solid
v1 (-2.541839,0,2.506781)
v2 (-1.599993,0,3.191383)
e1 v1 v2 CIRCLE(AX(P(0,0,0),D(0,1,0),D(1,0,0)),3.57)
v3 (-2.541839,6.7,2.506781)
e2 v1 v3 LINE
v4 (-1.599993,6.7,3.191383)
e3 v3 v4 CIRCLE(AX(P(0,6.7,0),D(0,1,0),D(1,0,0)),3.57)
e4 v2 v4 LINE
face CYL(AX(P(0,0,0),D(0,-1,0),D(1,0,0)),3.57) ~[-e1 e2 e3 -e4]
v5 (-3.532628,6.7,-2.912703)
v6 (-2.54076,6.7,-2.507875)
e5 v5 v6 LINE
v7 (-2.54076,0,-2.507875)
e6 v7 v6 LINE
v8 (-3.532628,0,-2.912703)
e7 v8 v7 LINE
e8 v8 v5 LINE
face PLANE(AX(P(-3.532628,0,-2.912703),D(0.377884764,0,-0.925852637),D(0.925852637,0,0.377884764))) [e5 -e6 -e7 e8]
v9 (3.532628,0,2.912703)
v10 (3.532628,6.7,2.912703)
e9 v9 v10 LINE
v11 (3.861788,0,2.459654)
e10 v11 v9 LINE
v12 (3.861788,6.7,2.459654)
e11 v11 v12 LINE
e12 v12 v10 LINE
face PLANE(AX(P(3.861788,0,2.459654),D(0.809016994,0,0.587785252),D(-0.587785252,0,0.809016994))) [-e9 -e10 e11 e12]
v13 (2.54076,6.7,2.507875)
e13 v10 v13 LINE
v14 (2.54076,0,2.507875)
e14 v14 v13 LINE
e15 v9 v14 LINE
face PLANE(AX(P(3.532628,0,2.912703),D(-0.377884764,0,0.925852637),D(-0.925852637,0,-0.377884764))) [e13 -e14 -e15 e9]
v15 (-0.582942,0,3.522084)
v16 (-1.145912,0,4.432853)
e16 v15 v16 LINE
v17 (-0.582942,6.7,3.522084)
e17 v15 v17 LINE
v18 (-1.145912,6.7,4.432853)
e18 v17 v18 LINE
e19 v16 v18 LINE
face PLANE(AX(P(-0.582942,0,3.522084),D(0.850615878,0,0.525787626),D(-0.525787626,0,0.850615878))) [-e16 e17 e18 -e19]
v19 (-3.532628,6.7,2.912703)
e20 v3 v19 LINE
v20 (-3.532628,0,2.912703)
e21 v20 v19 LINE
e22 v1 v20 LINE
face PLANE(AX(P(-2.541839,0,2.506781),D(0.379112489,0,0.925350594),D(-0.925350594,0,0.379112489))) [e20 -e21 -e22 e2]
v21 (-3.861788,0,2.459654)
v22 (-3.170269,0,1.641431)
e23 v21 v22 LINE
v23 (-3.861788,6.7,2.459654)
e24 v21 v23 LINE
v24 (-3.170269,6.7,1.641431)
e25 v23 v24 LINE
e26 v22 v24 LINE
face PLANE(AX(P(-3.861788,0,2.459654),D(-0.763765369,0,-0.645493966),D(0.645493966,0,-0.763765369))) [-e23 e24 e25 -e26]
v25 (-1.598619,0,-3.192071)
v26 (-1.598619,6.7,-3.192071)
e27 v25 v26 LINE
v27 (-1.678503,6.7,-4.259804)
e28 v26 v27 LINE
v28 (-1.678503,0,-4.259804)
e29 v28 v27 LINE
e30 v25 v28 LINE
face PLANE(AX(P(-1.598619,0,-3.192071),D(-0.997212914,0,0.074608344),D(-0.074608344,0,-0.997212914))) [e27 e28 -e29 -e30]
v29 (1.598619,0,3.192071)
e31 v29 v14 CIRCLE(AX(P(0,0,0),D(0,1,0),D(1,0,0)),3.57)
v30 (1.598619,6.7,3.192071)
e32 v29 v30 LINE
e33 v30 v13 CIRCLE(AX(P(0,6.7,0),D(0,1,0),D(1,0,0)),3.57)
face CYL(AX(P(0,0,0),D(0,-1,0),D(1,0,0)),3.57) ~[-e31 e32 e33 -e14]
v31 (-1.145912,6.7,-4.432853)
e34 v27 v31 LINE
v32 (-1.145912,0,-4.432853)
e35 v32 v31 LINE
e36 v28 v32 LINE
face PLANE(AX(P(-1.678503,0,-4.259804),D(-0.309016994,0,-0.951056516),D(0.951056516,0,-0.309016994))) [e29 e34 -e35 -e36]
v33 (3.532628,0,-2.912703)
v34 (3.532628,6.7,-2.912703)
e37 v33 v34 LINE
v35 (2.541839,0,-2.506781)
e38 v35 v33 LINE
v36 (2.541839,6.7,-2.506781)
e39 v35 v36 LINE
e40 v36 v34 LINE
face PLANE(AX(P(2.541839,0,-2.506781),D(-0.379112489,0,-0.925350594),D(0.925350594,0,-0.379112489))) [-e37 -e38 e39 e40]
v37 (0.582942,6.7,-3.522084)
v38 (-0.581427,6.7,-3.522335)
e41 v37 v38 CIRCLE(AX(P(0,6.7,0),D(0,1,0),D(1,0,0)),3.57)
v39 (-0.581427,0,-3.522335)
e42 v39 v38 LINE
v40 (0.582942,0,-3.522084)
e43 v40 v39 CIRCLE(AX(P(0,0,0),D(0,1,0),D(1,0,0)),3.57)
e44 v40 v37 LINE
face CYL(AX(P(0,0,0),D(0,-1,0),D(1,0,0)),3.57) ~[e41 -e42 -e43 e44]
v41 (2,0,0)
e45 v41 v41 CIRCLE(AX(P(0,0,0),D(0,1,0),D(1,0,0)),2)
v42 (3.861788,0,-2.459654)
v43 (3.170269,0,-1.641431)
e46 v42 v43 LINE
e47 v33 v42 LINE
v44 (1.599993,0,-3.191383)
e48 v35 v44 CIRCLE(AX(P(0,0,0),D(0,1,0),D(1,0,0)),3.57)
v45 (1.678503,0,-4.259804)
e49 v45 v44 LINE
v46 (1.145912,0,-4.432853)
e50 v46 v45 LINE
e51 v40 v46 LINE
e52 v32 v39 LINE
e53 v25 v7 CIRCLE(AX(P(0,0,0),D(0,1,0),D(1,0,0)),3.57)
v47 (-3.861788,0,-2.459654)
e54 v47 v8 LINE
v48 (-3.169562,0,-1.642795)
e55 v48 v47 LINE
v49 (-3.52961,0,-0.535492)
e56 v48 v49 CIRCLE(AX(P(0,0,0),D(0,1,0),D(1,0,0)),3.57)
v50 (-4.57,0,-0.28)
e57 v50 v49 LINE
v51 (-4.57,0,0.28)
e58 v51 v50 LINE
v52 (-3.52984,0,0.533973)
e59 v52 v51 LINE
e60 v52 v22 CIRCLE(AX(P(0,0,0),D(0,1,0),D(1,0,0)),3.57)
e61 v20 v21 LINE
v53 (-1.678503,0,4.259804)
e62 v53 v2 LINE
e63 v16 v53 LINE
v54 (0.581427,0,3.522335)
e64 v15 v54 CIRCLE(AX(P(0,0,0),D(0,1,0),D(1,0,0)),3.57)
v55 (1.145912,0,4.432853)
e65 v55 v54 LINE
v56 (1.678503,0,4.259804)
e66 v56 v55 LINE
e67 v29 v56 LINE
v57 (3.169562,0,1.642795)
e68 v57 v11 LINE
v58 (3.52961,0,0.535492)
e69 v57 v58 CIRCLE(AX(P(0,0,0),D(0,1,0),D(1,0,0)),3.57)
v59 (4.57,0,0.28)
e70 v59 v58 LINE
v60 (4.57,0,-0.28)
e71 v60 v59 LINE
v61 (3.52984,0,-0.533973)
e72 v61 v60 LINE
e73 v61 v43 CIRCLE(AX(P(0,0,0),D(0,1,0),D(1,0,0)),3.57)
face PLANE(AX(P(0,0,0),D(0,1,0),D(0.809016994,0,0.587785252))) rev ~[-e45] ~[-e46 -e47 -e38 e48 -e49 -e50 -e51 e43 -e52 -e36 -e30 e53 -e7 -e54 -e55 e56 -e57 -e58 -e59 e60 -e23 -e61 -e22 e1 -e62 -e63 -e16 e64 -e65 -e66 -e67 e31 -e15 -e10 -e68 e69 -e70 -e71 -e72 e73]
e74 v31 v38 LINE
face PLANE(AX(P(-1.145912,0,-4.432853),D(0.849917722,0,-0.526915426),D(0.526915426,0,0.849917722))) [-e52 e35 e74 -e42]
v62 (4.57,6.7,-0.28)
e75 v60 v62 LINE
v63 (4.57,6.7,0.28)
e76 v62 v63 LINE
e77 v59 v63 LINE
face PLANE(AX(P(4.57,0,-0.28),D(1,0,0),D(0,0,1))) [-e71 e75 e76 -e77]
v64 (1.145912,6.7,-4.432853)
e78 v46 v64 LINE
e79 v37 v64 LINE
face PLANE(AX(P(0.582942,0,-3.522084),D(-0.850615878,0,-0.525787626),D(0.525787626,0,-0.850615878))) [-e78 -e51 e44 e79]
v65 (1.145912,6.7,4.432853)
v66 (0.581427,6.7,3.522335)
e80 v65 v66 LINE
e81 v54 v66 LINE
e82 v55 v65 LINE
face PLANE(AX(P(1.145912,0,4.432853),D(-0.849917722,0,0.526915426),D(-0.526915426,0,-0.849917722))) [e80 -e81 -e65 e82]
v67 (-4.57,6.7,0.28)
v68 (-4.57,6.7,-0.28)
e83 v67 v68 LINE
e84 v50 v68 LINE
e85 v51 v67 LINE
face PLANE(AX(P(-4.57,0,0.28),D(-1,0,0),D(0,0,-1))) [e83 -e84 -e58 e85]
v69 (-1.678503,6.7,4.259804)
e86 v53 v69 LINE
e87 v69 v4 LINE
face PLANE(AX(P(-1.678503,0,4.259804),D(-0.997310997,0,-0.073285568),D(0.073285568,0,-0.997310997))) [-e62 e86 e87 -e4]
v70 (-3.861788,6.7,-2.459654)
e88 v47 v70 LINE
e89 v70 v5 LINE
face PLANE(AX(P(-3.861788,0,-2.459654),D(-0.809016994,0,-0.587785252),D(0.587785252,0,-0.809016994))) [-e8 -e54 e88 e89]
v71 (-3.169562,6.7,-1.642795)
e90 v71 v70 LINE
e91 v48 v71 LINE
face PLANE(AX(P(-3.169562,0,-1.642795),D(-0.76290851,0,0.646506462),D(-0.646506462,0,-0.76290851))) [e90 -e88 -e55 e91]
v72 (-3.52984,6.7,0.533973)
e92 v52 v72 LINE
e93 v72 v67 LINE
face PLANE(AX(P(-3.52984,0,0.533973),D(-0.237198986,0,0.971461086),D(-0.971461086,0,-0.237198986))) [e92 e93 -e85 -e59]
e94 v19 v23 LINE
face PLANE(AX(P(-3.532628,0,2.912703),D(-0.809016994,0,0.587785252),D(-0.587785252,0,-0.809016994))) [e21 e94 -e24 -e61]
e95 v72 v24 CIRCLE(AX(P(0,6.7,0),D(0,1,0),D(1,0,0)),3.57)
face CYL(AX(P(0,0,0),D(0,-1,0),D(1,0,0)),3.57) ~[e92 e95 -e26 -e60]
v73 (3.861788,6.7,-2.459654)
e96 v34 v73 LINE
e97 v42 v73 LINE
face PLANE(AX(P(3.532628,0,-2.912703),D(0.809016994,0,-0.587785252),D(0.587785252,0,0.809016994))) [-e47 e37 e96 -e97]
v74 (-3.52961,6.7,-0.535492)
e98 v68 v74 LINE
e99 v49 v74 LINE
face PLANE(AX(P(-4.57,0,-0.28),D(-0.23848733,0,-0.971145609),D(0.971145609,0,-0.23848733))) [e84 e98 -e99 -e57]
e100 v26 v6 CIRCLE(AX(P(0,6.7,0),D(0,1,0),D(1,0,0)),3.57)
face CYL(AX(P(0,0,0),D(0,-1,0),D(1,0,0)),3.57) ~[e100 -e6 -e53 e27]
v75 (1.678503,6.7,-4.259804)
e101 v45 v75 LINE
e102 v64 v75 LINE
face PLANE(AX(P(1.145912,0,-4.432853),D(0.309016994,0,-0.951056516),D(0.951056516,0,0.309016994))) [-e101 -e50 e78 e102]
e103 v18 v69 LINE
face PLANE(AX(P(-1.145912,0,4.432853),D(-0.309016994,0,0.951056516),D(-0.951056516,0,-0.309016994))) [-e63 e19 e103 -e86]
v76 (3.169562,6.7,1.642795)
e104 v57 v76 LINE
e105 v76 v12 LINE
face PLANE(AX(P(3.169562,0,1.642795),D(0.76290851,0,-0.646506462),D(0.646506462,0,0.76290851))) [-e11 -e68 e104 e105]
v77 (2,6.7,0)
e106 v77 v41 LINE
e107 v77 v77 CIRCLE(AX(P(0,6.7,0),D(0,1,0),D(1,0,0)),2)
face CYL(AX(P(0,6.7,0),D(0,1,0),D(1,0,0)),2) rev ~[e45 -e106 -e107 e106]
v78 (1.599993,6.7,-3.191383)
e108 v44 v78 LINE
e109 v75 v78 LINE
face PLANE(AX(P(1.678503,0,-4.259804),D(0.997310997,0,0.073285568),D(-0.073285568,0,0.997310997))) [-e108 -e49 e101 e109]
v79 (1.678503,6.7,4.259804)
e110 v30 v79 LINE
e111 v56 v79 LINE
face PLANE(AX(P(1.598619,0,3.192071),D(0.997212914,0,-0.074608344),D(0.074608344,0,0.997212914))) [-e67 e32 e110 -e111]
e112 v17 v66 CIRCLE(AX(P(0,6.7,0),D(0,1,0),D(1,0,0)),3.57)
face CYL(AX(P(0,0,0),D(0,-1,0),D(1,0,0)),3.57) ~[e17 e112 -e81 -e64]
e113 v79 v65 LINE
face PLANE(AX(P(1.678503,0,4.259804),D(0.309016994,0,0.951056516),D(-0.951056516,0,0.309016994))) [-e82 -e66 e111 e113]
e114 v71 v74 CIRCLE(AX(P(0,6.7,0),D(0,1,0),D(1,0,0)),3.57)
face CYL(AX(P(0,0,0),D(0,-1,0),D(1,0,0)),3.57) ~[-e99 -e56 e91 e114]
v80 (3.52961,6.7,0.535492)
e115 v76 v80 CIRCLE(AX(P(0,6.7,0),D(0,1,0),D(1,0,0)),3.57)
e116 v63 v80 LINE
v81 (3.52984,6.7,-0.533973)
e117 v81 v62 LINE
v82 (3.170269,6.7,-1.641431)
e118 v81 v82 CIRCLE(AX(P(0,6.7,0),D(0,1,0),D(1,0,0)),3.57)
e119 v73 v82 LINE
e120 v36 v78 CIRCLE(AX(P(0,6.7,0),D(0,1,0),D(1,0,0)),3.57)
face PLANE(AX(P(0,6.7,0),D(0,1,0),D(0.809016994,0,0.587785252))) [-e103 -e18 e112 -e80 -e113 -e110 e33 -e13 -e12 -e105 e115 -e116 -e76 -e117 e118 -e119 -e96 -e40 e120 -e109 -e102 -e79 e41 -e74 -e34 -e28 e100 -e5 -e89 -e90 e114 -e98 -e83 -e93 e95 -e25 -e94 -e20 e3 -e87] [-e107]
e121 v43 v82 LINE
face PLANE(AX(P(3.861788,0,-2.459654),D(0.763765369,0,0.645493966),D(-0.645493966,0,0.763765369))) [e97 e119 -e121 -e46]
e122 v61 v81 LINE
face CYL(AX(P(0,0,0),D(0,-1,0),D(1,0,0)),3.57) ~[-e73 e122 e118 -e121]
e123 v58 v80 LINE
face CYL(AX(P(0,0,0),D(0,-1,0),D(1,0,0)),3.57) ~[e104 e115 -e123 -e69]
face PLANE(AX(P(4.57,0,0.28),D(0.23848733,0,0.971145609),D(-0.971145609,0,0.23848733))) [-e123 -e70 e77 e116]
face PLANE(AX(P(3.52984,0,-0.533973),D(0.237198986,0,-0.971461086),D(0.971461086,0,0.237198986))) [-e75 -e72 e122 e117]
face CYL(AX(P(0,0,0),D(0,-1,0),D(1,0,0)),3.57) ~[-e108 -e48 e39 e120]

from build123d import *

# Parameters (mm, degrees)
SKETCH1_R           = 3.57
BOSS_EXTRUDE1_DEPTH = 6.7
CIRPATTERN1_COUNT   = 10
SKETCH2_R           = 2
CUT_EXTRUDE1_DEPTH  = 6.7


with BuildPart() as part:
    # Sketch1 → Boss-Extrude1 (new body)
    with BuildSketch(Plane(origin=(0, 0, 0), x_dir=(1, 0, 0), z_dir=(0, 1, 0))):
        Circle(SKETCH1_R)
        with BuildLine():
            Line((4.57, 0), (4.57, -0.28))
            Line((4.57, -0.28), (3.265257749, -0.600409723))
            ThreePointArc((3.265257749, -0.600409723), (3.319999856, -0.000976281), (3.265610298, 0.598489252))
            Line((3.265610298, 0.598489252), (4.57, 0.28))
            Line((4.57, 0.28), (4.57, 0))
        make_face()
    boss_extrude1 = extrude(amount=BOSS_EXTRUDE1_DEPTH)

    # CirPattern1: Boss-Extrude1 ×10 about axis
    cirpattern1_axis = Axis((0, 0, 0), (0, 1, 0))
    for i in range(1, CIRPATTERN1_COUNT):
        add(boss_extrude1.rotate(cirpattern1_axis, i * 360 / CIRPATTERN1_COUNT))

    # Sketch2 → Cut-Extrude1 (cut)
    with BuildSketch(Plane(origin=(0, 6.7, 0), x_dir=(1, 0, 0), z_dir=(0, 1, 0))):
        Circle(SKETCH2_R)
    extrude(amount=-CUT_EXTRUDE1_DEPTH, mode=Mode.SUBTRACT)


solid = part.part
